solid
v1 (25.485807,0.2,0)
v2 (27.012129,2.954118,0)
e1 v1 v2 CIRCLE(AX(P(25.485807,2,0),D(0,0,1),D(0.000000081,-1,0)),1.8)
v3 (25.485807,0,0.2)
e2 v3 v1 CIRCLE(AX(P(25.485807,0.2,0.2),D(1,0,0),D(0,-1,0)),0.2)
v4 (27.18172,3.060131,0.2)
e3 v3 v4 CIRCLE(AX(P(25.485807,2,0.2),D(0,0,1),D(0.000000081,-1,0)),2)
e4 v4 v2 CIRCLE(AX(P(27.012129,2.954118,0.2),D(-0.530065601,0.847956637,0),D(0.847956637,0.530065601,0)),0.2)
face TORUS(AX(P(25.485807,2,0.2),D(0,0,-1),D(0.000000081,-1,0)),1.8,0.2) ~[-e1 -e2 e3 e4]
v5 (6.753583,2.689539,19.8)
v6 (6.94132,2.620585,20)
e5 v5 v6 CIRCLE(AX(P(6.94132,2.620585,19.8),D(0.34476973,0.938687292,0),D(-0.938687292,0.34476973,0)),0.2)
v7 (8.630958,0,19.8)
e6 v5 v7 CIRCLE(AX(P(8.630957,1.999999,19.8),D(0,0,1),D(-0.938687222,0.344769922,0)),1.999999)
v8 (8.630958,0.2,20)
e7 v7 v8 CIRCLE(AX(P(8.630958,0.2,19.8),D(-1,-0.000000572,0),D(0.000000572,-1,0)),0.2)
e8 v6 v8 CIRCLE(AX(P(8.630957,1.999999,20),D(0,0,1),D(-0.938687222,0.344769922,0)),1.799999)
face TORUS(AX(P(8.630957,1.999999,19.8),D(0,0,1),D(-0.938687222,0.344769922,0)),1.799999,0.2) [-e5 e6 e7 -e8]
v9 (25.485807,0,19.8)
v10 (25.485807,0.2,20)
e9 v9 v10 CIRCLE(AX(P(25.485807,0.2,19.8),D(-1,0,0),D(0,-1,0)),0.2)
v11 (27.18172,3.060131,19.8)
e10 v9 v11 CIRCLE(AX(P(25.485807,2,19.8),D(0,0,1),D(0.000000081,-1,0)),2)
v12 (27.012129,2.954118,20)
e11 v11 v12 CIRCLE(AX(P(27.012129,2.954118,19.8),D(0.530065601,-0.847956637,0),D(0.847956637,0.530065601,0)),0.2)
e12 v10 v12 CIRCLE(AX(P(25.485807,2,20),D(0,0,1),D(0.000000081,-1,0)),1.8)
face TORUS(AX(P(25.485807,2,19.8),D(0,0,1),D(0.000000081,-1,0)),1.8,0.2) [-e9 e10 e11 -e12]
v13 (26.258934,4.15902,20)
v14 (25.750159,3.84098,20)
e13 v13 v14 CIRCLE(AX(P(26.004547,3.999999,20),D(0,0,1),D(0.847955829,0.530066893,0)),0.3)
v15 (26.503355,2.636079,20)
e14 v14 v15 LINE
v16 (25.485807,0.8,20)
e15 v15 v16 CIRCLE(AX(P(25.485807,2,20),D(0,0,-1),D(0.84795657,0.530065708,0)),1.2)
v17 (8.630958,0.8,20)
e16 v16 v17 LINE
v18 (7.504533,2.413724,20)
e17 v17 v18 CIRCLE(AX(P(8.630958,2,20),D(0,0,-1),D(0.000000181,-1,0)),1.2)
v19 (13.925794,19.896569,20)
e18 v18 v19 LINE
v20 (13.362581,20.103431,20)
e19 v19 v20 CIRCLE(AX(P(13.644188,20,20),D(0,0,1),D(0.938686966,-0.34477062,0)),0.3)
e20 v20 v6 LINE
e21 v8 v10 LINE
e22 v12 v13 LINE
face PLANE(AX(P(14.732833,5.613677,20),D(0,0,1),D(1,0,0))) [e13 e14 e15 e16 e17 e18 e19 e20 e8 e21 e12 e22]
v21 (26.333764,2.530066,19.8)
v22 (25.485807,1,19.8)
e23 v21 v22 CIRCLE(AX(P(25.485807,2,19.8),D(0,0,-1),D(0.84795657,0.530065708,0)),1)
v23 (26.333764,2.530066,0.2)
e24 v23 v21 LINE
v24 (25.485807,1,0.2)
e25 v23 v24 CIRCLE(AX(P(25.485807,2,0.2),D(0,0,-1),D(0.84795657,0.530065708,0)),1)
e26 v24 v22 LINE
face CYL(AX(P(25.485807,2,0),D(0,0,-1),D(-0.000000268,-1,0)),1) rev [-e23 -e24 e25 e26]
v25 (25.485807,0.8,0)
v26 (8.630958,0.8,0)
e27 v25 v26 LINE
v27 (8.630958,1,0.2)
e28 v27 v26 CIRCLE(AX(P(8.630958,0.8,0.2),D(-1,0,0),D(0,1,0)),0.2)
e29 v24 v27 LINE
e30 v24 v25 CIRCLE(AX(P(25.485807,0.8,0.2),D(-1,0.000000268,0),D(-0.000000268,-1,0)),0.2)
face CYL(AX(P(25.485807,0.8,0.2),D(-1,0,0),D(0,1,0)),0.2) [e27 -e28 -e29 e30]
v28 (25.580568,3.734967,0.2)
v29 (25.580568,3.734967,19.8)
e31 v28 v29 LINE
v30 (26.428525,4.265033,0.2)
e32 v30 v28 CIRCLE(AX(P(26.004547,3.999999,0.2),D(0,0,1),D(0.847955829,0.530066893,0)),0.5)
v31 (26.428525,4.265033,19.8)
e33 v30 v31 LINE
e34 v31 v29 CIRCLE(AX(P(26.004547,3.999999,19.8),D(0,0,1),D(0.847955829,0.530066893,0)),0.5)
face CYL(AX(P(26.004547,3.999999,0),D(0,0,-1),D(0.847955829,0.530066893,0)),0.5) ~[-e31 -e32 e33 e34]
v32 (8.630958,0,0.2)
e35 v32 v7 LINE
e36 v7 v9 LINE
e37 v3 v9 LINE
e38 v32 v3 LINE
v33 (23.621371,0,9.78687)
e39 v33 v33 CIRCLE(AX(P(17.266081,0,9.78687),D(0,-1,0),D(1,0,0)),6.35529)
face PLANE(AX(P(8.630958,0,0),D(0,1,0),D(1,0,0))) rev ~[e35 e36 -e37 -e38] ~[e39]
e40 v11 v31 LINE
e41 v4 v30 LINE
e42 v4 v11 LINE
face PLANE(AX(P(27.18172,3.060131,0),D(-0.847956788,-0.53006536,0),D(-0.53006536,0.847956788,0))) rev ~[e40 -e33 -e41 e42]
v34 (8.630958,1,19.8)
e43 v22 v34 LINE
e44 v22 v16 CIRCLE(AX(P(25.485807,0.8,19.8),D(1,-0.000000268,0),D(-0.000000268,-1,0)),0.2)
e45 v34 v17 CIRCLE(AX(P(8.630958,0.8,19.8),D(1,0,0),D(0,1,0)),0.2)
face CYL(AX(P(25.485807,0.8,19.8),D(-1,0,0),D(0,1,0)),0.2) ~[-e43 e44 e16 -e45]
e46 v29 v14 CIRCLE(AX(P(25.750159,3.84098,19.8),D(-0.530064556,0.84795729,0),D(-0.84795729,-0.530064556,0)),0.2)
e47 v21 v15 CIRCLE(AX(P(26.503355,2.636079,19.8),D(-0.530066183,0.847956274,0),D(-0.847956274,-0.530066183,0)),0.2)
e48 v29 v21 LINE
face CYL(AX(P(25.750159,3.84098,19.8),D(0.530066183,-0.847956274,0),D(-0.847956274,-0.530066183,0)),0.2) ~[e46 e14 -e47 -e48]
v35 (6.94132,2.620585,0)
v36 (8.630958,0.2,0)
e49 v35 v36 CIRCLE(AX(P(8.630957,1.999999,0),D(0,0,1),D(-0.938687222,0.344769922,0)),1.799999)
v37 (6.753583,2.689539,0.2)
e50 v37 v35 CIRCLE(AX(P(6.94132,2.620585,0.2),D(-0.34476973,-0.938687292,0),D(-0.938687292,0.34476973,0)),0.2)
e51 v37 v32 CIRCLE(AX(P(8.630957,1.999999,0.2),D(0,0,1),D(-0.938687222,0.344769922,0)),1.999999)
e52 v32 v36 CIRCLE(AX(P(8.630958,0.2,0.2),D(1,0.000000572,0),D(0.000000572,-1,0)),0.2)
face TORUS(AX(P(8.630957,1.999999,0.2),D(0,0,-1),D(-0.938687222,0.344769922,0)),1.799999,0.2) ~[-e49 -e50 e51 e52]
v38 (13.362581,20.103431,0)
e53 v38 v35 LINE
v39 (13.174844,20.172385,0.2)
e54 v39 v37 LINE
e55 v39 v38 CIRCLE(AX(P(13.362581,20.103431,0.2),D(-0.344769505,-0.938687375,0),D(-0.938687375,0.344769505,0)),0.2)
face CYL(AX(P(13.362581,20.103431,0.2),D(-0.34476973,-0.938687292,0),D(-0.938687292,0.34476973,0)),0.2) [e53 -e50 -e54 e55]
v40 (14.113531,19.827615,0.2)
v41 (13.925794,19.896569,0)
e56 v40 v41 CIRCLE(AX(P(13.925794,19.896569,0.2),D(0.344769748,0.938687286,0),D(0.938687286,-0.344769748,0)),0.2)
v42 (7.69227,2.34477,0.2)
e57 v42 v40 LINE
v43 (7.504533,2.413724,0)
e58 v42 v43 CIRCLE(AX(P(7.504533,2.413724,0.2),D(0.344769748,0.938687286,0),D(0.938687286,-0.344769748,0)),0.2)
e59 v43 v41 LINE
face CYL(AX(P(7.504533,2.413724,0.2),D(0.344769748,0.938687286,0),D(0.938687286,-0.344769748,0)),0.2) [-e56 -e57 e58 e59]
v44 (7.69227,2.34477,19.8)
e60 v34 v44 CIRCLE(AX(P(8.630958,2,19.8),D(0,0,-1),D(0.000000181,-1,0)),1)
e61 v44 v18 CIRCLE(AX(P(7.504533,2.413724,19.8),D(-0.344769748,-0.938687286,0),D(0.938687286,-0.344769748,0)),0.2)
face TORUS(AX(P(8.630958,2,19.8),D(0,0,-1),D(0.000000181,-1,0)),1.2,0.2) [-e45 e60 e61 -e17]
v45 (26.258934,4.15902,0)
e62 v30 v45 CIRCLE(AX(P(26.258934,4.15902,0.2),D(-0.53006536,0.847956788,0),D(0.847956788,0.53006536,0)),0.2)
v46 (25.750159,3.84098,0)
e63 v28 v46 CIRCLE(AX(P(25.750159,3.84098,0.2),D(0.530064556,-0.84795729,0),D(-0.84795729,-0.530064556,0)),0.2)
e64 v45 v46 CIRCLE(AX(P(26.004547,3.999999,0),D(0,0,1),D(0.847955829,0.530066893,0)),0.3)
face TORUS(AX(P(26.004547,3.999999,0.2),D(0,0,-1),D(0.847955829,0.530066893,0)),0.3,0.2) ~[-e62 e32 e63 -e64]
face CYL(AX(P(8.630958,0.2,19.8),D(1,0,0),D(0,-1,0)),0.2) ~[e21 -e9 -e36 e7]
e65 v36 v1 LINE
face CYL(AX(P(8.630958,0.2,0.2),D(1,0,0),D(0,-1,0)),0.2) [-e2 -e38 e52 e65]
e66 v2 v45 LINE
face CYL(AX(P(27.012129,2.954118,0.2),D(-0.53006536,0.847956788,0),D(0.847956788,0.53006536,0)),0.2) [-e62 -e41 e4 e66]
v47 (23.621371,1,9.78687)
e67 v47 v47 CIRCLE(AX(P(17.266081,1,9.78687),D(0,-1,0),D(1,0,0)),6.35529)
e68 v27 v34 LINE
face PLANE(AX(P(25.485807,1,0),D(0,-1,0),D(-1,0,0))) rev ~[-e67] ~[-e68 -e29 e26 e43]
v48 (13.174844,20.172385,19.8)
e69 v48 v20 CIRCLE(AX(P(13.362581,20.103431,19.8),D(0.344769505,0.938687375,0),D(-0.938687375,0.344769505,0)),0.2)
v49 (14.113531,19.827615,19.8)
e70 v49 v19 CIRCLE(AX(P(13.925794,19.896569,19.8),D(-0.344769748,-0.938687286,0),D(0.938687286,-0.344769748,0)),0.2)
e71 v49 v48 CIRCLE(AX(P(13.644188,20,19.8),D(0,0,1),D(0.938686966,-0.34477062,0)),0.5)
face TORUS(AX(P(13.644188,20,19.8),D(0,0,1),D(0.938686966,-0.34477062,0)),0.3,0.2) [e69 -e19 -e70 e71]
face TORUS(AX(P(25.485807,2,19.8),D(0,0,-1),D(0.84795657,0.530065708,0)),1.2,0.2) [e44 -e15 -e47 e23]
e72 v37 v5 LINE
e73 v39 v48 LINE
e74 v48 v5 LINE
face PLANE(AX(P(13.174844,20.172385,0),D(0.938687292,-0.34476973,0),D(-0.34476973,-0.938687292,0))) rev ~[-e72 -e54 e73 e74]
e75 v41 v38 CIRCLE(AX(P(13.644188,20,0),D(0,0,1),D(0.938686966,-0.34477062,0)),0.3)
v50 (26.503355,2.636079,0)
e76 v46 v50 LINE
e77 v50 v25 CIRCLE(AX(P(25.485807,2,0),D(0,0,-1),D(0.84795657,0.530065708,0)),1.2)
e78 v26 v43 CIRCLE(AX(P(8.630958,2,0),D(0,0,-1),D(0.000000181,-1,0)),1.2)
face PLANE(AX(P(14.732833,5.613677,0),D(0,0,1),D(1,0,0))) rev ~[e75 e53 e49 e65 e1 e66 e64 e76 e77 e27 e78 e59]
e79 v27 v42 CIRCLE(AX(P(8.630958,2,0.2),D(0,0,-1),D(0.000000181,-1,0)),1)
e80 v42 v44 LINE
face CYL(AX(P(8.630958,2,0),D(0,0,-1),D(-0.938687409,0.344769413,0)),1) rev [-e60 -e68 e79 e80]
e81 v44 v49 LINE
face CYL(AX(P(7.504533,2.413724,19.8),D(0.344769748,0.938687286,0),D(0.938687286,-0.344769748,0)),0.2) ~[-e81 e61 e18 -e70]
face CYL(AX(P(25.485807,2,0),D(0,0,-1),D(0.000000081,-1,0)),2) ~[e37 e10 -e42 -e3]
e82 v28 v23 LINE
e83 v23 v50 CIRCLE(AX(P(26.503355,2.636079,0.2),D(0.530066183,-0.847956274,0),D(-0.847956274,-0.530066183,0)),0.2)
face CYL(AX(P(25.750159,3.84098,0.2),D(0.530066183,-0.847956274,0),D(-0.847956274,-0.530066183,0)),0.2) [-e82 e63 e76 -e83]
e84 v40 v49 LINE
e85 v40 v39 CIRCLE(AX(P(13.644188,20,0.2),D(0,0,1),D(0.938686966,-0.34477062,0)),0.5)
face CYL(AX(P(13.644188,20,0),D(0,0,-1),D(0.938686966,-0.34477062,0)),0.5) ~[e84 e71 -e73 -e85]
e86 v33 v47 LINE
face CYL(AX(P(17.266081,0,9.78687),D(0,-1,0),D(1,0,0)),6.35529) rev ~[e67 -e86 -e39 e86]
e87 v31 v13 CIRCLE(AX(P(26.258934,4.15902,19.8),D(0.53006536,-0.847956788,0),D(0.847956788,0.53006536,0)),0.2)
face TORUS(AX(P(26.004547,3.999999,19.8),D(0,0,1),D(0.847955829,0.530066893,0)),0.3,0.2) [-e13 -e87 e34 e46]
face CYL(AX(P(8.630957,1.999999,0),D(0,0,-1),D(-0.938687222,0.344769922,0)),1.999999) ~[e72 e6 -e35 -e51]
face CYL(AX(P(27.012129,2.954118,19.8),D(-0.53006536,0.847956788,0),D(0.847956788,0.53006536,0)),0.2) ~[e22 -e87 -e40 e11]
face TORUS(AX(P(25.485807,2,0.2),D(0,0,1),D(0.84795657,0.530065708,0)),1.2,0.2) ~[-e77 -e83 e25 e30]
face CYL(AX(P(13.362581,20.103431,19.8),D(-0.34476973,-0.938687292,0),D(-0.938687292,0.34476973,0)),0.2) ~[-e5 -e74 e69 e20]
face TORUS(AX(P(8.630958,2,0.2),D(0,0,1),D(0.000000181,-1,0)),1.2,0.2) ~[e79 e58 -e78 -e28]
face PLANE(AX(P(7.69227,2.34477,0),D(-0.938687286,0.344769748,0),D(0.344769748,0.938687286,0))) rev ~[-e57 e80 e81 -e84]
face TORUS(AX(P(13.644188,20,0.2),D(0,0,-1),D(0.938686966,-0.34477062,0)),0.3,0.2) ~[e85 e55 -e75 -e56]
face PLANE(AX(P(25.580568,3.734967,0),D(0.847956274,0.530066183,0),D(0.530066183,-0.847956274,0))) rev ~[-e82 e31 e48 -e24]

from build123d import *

# Parameters (mm, degrees)
PAD_DEPTH    = 20
FILLET_R     = 0.2
SKETCH001_R  = 6.35529
POCKET_DEPTH = 5


with BuildPart() as part:
    # Sketch → Pad (new body)
    with BuildSketch(Plane.XY):
        with BuildLine():
            Line((13.174844, 20.172385), (6.753583, 2.689539))
            ThreePointArc((6.753583, 2.689539), (6.990976, 0.855246), (8.630958, 0))
            Line((8.630958, 0), (25.485807, 0))
            ThreePointArc((25.485807, 0), (27.23513, 1.030532), (27.18172, 3.060131))
            Line((27.18172, 3.060131), (26.428525, 4.265033))
            ThreePointArc((26.428525, 4.265033), (25.739514, 4.423978), (25.580568, 3.734967))
            Line((25.580568, 3.734967), (26.333764, 2.530066))
            ThreePointArc((25.485807, 1), (26.360469, 1.515266), (26.333764, 2.530066))
            Line((25.485807, 1), (8.630958, 1))
            ThreePointArc((7.69227, 2.34477), (7.810967, 1.427623), (8.630958, 1))
            Line((7.69227, 2.34477), (14.113531, 19.827615))
            ThreePointArc((14.113531, 19.827615), (13.816572, 20.469344), (13.174844, 20.172385))
        make_face()
    extrude(amount=PAD_DEPTH)

    # Fillet
    fillet_edges = [part.edges().sort_by_distance(p)[0] for p in [
        (10.902901, 11.086192, 20),
        (13.816572, 20.469344, 20),
        (9.964213, 11.430962, 20),
        (6.990976, 0.855246, 20),
        (17.058382, 0, 20),
        (27.23513, 1.030532, 20),
        (26.805123, 3.662582, 20),
        (25.739514, 4.423978, 20),
        (25.957166, 3.132516, 20),
        (26.360469, 1.515266, 20),
        (17.058382, 1, 20),
        (7.810967, 1.427623, 20),
        (10.902901, 11.086192, 0),
        (13.816572, 20.469344, 0),
        (9.964213, 11.430962, 0),
        (6.990976, 0.855246, 0),
        (17.058382, 0, 0),
        (27.23513, 1.030532, 0),
        (26.805123, 3.662582, 0),
        (25.739514, 4.423978, 0),
        (25.957166, 3.132516, 0),
        (26.360469, 1.515266, 0),
        (17.058382, 1, 0),
        (7.810967, 1.427623, 0),
    ]]
    fillet(fillet_edges, radius=FILLET_R)

    # Sketch001 (on Face35 of Fillet) → Pocket (cut)
    with BuildSketch(Plane.XZ):
        with Locations((17.266081, 9.78687)):
            Circle(SKETCH001_R)
    extrude(amount=-POCKET_DEPTH, mode=Mode.SUBTRACT)


solid = part.part
